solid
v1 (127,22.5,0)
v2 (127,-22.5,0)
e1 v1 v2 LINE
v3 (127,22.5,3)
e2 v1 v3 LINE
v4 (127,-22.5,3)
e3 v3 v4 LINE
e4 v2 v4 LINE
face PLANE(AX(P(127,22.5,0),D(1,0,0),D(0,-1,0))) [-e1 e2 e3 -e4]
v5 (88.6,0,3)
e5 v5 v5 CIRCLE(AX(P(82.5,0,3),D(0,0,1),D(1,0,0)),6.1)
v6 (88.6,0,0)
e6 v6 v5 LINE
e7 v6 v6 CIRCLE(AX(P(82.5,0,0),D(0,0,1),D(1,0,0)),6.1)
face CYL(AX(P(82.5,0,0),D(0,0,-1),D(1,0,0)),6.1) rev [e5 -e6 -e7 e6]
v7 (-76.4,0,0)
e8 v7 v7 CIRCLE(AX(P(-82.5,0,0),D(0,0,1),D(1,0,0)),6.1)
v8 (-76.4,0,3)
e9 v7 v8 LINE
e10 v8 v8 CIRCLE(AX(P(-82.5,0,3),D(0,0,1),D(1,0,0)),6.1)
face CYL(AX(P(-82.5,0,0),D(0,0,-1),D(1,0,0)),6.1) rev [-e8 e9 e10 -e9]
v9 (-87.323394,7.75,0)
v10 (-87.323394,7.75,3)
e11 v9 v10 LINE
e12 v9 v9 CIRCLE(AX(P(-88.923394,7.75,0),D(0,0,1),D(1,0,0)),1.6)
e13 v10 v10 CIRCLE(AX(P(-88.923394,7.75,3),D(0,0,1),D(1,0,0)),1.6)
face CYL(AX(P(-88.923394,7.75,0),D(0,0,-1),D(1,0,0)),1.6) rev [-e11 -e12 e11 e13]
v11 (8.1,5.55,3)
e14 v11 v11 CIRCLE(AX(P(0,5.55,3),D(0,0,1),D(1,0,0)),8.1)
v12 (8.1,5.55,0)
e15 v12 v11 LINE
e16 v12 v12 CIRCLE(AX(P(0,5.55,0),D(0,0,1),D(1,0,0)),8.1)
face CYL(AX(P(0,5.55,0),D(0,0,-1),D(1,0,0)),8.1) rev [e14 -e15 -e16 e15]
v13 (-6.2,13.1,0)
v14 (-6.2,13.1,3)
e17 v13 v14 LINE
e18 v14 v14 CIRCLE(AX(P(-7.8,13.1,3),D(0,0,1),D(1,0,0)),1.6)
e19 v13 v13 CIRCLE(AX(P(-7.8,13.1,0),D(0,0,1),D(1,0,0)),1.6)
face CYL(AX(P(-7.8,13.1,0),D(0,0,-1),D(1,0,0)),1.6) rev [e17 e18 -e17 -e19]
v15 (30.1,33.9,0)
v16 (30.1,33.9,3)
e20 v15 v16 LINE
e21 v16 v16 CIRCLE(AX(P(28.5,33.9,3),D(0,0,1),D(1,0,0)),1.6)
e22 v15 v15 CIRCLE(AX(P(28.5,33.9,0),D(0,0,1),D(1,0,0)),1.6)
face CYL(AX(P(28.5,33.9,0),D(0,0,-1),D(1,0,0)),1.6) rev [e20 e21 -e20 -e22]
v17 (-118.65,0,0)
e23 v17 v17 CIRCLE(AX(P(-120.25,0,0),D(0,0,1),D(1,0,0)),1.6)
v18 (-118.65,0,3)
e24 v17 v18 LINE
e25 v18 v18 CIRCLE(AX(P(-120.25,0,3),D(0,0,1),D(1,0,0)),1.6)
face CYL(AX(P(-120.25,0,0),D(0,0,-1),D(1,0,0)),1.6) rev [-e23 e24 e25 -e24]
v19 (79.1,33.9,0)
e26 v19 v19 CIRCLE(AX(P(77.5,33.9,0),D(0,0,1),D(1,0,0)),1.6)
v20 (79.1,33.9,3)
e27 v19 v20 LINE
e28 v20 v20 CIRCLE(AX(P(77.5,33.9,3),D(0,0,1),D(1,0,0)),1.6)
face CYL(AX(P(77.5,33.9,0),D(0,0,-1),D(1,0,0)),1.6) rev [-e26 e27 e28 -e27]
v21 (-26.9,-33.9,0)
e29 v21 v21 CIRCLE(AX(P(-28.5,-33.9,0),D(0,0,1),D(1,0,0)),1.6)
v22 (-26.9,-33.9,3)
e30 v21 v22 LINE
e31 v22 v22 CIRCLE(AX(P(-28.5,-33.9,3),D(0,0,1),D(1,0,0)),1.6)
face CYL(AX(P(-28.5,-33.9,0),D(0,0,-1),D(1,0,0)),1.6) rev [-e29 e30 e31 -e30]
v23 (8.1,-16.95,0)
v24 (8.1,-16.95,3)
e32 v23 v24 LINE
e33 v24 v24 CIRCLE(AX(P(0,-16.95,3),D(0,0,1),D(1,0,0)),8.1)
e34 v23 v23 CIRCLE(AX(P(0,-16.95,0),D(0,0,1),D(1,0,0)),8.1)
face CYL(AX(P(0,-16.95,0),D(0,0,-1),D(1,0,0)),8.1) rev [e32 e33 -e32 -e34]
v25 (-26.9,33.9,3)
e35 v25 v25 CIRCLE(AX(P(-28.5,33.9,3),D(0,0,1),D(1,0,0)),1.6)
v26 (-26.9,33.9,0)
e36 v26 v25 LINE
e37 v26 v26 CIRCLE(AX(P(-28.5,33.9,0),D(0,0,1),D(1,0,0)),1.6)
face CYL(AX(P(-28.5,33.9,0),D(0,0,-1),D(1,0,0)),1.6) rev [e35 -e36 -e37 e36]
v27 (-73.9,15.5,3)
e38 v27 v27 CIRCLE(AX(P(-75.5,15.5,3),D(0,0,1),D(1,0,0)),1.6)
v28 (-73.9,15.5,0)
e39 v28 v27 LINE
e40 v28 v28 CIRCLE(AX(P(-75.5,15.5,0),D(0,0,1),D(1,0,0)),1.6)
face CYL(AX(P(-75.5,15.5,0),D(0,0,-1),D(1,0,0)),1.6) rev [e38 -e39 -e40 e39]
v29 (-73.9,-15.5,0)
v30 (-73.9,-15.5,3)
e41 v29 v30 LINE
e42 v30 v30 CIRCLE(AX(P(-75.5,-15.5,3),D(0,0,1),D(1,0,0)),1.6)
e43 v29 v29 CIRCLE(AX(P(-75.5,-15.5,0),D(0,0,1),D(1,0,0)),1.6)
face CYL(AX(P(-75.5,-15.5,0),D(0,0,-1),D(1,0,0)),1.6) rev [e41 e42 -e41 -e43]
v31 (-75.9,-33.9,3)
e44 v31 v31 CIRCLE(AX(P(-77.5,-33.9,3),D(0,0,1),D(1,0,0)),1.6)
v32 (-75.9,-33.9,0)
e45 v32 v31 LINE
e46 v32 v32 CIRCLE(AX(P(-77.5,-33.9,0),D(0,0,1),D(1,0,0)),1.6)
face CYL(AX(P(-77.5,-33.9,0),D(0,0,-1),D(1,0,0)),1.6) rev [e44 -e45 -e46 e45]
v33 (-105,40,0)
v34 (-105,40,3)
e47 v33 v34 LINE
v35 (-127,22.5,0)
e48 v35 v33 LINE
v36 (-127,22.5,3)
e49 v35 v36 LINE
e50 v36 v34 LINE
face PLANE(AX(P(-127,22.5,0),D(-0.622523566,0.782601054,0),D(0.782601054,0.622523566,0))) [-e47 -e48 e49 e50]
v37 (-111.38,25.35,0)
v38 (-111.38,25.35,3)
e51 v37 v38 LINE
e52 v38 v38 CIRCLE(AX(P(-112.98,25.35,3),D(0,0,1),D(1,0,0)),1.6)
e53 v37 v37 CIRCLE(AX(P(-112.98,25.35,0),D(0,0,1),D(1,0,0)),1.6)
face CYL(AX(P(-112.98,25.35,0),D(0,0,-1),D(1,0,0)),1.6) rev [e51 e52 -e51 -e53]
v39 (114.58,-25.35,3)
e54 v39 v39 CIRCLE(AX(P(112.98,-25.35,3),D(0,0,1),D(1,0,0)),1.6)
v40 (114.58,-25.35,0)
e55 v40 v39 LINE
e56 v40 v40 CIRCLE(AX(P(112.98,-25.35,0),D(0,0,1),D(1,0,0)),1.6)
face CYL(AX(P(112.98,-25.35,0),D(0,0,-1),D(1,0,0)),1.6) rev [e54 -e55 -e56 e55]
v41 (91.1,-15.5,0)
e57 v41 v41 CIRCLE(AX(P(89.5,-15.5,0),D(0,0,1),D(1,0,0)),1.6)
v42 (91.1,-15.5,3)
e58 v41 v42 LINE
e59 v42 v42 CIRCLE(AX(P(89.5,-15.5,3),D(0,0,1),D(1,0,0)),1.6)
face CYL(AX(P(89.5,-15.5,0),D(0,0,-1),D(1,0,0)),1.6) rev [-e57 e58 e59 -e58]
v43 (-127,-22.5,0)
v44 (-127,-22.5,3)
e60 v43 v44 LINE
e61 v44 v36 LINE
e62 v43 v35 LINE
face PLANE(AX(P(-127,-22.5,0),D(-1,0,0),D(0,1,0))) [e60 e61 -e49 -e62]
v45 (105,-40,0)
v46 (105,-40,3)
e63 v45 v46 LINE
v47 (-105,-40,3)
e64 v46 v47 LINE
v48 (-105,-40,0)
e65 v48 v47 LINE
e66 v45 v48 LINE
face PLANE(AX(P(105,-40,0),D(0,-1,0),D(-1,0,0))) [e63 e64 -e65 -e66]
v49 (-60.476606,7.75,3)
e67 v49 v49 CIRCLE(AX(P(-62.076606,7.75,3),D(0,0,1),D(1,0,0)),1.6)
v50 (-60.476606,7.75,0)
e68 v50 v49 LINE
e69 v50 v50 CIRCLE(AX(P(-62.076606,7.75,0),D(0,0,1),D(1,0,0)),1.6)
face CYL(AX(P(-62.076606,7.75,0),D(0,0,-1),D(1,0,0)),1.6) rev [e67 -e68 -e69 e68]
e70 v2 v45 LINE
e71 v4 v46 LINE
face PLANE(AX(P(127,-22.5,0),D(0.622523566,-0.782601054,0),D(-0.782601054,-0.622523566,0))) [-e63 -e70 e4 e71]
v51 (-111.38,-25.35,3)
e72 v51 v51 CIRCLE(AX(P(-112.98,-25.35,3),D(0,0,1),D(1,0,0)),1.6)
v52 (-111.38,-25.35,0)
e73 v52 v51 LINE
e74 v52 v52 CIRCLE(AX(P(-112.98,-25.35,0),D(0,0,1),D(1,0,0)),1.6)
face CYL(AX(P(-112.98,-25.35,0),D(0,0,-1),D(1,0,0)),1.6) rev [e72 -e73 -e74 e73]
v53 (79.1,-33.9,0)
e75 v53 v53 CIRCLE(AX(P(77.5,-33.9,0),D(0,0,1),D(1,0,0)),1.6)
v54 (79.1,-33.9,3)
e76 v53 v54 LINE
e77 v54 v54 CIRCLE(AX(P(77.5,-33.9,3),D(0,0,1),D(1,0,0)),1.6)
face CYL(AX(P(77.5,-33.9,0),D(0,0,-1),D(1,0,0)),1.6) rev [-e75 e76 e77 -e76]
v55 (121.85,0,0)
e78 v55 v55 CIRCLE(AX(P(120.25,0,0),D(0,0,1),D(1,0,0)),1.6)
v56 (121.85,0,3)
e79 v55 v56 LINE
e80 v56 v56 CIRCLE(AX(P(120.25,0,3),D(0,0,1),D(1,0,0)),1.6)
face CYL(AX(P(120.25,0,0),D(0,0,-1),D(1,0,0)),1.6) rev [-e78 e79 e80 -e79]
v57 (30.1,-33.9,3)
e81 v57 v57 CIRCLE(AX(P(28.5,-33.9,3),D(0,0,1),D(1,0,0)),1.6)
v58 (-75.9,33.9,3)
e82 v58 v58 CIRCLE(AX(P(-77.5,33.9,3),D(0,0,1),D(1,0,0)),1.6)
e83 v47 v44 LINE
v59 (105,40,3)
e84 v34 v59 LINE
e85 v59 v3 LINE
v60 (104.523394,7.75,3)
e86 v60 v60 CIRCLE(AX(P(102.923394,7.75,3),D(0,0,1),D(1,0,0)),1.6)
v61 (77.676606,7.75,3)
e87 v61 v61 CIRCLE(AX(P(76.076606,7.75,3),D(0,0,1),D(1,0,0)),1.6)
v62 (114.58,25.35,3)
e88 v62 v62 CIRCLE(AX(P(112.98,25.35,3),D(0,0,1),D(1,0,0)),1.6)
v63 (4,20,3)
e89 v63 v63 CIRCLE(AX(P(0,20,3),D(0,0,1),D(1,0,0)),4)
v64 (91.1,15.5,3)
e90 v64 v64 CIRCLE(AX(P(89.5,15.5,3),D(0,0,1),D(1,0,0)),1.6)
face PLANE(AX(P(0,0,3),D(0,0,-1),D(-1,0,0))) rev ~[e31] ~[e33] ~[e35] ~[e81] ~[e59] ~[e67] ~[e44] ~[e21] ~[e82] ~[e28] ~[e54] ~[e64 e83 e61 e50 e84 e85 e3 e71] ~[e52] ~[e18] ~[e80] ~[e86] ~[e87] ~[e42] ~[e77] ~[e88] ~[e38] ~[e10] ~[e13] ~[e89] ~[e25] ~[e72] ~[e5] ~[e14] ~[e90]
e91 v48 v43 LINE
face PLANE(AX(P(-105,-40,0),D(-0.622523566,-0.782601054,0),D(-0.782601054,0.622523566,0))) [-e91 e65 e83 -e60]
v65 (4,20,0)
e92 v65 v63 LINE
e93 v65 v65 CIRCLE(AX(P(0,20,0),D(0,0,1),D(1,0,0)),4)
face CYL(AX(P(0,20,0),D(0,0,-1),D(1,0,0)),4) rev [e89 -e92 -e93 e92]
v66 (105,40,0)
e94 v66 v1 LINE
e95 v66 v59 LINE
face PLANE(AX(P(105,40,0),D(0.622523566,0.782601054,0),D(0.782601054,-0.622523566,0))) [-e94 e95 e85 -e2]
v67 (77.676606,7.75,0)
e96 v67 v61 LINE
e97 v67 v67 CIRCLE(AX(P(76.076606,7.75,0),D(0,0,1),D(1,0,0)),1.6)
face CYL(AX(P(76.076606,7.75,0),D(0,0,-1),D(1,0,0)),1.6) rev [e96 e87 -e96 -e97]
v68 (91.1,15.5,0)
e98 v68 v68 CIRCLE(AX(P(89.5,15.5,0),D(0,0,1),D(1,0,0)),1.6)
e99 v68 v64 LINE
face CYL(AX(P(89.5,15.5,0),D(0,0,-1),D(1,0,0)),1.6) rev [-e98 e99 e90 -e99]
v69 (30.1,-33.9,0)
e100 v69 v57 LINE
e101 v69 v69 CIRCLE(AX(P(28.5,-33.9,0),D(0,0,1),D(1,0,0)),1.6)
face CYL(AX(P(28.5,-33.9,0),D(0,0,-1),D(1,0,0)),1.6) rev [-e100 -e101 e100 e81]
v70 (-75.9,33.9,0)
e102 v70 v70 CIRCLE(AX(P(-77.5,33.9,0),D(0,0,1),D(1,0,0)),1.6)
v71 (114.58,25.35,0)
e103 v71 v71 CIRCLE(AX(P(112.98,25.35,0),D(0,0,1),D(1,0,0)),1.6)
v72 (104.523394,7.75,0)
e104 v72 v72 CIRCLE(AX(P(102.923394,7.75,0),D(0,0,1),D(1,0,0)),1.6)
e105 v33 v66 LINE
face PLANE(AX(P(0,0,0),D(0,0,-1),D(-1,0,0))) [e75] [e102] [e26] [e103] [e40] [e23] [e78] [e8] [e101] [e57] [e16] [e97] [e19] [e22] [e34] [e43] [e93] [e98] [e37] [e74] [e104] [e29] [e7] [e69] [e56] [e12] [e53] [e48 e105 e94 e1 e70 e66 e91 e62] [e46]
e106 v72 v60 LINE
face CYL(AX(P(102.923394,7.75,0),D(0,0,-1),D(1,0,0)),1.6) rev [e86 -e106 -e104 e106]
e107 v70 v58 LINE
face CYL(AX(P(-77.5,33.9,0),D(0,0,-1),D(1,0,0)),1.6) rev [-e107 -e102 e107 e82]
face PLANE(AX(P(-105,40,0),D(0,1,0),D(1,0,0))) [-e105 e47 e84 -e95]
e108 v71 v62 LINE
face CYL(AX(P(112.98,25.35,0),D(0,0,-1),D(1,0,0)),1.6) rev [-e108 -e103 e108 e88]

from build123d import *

# Parameters (mm, degrees)
CROQUIS1_R              = 4
CROQUIS1_R_2            = 1.6
CROQUIS1_R_3            = 6.1
CROQUIS1_R_4            = 8.1
SALIENTE_EXTRUIR1_DEPTH = 3


with BuildPart() as part:
    # Croquis1 → Saliente-Extruir1 (new body)
    with BuildSketch(Plane.XY):
        Polygon((-127, 22.5), (-105, 40), (105, 40), (127, 22.5), (127, -22.5), (105, -40), (-105, -40), (-127, -22.5), align=None)
        with Locations((0, 20)):
            Circle(CROQUIS1_R, mode=Mode.SUBTRACT)
        with Locations((112.98, 25.35)):
            Circle(CROQUIS1_R_2, mode=Mode.SUBTRACT)
        with Locations((120.25, 0)):
            Circle(CROQUIS1_R_2, mode=Mode.SUBTRACT)
        with Locations((112.98, -25.35)):
            Circle(CROQUIS1_R_2, mode=Mode.SUBTRACT)
        with Locations((77.5, -33.9)):
            Circle(CROQUIS1_R_2, mode=Mode.SUBTRACT)
        with Locations((28.5, -33.9)):
            Circle(CROQUIS1_R_2, mode=Mode.SUBTRACT)
        with Locations((-28.5, -33.9)):
            Circle(CROQUIS1_R_2, mode=Mode.SUBTRACT)
        with Locations((-77.5, -33.9)):
            Circle(CROQUIS1_R_2, mode=Mode.SUBTRACT)
        with Locations((-112.98, -25.35)):
            Circle(CROQUIS1_R_2, mode=Mode.SUBTRACT)
        with Locations((-120.25, 0)):
            Circle(CROQUIS1_R_2, mode=Mode.SUBTRACT)
        with Locations((-112.98, 25.35)):
            Circle(CROQUIS1_R_2, mode=Mode.SUBTRACT)
        with Locations((-77.5, 33.9)):
            Circle(CROQUIS1_R_2, mode=Mode.SUBTRACT)
        with Locations((-28.5, 33.9)):
            Circle(CROQUIS1_R_2, mode=Mode.SUBTRACT)
        with Locations((28.5, 33.9)):
            Circle(CROQUIS1_R_2, mode=Mode.SUBTRACT)
        with Locations((77.5, 33.9)):
            Circle(CROQUIS1_R_2, mode=Mode.SUBTRACT)
        with Locations((-82.5, 0)):
            Circle(CROQUIS1_R_3, mode=Mode.SUBTRACT)
        with Locations((82.5, 0)):
            Circle(CROQUIS1_R_3, mode=Mode.SUBTRACT)
        with Locations((0, 5.55)):
            Circle(CROQUIS1_R_4, mode=Mode.SUBTRACT)
        with Locations((0, -16.95)):
            Circle(CROQUIS1_R_4, mode=Mode.SUBTRACT)
        with Locations((-7.8, 13.1)):
            Circle(CROQUIS1_R_2, mode=Mode.SUBTRACT)
        with Locations((-88.923393759, 7.75)):
            Circle(CROQUIS1_R_2, mode=Mode.SUBTRACT)
        with Locations((-62.076606241, 7.75)):
            Circle(CROQUIS1_R_2, mode=Mode.SUBTRACT)
        with Locations((-75.5, 15.5)):
            Circle(CROQUIS1_R_2, mode=Mode.SUBTRACT)
        with Locations((-75.5, -15.5)):
            Circle(CROQUIS1_R_2, mode=Mode.SUBTRACT)
        with Locations((89.5, 15.5)):
            Circle(CROQUIS1_R_2, mode=Mode.SUBTRACT)
        with Locations((89.5, -15.5)):
            Circle(CROQUIS1_R_2, mode=Mode.SUBTRACT)
        with Locations((76.076606241, 7.75)):
            Circle(CROQUIS1_R_2, mode=Mode.SUBTRACT)
        with Locations((102.923393759, 7.75)):
            Circle(CROQUIS1_R_2, mode=Mode.SUBTRACT)
    extrude(amount=SALIENTE_EXTRUIR1_DEPTH)


solid = part.part
